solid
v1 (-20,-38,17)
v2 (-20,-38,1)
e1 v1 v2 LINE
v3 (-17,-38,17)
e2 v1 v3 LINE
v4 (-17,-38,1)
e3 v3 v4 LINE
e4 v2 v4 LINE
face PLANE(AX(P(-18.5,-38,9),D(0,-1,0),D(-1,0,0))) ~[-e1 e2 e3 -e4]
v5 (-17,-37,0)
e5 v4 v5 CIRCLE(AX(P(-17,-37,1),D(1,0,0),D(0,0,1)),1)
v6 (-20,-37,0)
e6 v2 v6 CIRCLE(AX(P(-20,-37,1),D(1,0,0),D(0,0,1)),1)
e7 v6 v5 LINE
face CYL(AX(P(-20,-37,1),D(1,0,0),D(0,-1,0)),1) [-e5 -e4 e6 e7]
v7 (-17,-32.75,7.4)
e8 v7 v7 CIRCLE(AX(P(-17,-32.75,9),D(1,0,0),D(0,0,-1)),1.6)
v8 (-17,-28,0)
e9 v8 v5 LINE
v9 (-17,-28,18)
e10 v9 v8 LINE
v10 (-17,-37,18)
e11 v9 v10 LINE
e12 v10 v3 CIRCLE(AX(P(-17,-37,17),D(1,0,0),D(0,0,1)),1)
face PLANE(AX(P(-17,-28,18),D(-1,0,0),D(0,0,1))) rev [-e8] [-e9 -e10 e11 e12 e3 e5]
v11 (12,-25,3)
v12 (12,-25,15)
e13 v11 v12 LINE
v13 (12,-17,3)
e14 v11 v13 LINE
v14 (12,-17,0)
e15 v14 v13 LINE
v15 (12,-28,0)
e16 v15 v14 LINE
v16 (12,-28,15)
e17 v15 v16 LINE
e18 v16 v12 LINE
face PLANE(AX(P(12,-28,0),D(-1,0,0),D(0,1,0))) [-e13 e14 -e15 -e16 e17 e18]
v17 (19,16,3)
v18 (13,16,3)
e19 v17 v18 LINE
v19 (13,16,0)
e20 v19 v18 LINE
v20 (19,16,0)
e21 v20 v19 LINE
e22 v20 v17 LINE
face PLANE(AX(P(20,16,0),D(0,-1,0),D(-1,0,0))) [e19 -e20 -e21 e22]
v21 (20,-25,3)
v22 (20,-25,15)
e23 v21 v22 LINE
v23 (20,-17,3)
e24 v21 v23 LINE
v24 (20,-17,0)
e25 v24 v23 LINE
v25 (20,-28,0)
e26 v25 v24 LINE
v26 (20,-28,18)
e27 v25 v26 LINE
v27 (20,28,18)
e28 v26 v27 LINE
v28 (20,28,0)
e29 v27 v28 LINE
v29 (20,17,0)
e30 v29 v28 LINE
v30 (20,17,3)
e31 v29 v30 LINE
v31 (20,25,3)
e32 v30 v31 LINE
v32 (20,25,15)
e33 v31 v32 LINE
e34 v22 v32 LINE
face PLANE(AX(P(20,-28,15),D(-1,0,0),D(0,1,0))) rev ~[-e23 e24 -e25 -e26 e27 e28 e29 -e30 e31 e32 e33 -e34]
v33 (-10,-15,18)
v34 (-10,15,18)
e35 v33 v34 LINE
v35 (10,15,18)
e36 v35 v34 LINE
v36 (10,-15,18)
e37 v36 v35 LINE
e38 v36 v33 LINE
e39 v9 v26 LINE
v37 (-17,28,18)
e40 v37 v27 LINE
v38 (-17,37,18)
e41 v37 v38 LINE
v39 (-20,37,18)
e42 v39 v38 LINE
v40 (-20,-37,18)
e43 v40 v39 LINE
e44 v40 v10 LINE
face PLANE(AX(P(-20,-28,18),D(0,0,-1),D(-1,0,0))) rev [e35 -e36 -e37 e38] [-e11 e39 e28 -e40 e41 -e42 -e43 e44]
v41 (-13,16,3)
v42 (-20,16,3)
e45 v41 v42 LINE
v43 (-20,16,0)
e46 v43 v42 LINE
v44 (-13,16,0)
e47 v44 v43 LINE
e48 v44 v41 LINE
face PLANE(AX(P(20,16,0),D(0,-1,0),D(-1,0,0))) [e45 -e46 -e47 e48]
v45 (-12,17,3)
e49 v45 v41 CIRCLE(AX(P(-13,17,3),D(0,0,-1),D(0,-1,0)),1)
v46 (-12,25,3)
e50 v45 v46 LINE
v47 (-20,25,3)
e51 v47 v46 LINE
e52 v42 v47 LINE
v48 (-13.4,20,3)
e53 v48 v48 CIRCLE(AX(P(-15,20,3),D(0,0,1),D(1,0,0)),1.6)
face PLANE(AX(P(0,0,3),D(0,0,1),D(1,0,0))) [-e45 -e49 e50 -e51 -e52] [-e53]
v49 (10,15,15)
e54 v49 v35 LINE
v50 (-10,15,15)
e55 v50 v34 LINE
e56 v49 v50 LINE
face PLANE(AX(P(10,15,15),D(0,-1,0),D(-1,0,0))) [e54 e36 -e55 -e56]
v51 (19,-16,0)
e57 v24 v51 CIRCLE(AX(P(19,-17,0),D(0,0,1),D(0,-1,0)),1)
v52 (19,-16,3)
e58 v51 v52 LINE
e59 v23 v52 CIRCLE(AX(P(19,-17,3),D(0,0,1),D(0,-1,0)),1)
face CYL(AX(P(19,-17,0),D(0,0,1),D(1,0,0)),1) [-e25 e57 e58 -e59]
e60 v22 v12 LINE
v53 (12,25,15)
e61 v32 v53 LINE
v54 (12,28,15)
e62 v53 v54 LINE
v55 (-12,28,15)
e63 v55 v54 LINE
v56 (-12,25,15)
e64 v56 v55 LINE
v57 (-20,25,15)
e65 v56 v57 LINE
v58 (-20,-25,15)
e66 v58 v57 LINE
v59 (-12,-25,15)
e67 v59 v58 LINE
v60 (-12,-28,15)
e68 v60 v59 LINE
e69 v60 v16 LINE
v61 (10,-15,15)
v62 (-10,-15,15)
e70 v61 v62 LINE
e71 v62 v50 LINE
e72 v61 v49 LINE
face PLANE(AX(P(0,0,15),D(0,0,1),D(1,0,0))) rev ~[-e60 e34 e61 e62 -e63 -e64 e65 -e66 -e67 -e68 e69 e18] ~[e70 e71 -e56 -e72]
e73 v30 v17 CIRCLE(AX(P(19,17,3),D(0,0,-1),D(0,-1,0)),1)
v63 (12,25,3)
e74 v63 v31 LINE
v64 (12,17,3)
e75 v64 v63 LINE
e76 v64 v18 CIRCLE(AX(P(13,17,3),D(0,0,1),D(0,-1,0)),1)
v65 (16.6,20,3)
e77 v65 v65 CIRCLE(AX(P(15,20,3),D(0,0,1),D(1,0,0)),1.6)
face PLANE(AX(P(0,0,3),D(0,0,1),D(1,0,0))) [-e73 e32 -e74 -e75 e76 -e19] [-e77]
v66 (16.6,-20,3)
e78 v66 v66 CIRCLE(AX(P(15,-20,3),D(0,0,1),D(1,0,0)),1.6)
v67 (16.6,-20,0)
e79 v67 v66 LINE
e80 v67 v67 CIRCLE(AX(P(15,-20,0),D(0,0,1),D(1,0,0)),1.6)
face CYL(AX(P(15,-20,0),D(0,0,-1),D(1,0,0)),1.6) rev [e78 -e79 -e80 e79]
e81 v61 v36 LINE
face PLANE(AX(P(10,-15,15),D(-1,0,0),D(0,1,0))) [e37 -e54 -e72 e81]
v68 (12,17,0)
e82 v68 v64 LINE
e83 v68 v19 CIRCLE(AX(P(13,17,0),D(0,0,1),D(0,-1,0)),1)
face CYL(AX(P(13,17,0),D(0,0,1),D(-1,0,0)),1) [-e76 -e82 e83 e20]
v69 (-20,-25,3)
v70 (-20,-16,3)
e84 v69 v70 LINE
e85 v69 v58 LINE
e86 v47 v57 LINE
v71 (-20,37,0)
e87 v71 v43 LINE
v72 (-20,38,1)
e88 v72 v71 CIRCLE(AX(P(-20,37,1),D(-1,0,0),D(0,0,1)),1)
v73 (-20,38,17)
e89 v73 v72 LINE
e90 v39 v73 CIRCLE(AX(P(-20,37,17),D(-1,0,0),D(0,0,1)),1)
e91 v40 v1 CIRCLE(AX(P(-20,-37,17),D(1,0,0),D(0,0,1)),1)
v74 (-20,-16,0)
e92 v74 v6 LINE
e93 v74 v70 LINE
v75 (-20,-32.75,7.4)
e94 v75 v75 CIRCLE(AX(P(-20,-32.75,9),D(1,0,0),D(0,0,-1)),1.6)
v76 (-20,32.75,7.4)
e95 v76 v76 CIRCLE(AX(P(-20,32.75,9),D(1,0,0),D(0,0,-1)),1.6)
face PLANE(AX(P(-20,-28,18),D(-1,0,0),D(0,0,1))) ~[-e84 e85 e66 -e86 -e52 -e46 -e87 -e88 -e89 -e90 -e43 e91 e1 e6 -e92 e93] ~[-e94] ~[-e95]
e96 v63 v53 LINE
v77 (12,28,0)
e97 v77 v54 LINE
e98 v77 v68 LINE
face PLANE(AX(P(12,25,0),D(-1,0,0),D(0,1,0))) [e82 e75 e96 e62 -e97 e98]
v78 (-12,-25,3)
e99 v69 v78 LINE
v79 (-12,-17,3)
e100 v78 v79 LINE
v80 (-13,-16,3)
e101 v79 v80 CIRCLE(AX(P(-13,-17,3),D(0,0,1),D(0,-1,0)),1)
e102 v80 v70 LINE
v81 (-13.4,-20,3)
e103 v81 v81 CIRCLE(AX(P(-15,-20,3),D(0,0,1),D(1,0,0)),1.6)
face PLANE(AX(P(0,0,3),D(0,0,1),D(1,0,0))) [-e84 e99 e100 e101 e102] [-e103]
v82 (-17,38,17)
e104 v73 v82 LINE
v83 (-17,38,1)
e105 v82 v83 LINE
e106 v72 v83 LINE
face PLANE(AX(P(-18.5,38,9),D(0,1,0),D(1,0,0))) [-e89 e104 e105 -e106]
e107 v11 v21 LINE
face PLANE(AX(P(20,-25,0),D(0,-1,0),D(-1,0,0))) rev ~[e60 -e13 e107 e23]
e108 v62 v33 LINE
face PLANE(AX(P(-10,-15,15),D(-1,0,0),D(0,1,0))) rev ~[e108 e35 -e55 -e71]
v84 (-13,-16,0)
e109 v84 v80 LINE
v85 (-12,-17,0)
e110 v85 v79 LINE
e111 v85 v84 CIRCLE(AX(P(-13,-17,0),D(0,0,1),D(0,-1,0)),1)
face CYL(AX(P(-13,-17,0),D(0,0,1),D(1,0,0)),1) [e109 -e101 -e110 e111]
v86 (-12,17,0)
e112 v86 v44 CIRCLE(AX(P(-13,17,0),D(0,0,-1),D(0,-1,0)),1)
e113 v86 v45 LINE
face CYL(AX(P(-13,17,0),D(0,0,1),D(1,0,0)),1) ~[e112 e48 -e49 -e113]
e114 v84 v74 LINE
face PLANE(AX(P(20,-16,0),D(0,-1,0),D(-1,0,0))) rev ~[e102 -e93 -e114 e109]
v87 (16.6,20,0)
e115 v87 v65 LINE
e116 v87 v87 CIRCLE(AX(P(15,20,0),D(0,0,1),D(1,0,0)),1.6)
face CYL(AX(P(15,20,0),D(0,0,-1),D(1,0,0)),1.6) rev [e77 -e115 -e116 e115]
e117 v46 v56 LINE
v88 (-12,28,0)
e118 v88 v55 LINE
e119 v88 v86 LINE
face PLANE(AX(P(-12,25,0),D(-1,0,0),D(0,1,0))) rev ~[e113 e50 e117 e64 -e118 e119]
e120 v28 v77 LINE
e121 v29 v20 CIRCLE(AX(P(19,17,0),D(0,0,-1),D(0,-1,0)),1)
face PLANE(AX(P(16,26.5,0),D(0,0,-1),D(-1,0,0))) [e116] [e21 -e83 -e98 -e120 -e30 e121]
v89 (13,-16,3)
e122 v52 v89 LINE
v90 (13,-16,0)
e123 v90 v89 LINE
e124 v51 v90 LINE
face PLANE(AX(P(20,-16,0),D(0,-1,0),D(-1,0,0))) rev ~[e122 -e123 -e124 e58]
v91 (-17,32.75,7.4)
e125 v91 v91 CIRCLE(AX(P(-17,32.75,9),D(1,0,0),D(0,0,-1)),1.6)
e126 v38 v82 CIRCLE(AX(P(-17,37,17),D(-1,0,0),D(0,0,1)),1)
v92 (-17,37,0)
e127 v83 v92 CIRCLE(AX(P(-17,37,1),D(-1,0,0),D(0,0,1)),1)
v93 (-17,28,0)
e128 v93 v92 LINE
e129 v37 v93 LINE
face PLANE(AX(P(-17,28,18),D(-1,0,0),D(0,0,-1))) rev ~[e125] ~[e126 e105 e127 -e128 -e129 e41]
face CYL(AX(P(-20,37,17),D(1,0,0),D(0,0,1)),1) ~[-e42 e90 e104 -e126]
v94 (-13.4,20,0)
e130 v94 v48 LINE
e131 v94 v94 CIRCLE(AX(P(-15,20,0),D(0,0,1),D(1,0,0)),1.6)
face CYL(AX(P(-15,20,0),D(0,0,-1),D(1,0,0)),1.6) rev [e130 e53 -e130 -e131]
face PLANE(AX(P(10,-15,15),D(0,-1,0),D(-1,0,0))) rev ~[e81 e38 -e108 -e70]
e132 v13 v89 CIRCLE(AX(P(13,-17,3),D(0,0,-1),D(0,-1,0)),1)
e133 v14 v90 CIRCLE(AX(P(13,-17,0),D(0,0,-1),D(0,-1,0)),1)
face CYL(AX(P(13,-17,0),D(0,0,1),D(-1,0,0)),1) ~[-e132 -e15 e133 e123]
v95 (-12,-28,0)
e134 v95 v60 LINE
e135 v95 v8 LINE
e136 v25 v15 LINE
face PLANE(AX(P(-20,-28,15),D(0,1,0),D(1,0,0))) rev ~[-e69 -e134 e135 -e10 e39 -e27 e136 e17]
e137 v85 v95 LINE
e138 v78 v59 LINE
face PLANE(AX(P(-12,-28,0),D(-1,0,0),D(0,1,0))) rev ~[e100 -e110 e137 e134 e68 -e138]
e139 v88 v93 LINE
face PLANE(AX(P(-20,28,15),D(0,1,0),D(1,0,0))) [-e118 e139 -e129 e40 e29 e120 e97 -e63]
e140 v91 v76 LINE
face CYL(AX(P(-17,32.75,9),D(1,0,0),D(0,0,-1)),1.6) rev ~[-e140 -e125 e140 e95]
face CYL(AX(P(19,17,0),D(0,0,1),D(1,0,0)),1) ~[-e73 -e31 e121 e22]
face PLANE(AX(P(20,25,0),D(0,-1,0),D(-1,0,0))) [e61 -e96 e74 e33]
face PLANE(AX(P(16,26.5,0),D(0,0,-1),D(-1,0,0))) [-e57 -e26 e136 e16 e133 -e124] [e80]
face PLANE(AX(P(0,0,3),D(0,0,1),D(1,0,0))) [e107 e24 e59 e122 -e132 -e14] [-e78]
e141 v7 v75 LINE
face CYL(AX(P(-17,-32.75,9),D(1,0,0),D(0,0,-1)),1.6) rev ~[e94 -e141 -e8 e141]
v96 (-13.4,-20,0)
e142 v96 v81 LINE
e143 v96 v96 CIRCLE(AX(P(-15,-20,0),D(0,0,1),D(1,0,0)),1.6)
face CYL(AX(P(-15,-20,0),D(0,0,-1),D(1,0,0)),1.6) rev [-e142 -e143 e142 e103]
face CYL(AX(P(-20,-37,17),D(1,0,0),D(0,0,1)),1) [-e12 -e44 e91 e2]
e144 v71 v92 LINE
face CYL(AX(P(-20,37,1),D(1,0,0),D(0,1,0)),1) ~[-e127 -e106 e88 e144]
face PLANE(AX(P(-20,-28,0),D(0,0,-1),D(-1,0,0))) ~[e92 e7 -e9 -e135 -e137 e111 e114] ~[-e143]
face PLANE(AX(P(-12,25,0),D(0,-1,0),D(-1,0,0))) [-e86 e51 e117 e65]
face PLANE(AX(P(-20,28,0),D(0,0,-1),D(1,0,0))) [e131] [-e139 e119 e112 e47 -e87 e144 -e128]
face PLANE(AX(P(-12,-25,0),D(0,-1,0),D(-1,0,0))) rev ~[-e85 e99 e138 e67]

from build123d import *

# Parameters (mm, degrees)
SKETCH_1_W          = 40
SKETCH_1_H          = 50
SKETCH_1_R          = 1.6
EXTRUDE_1_DEPTH     = 3
SKETCH_2_W          = 8
SKETCH_2_H          = 3
EXTRUDE_2_DEPTH     = 15
SKETCH_3_W          = 40
SKETCH_3_H          = 56
EXTRUDE_3_DEPTH     = 3
CUT_EXTRUDE_1_REACH = 40.833
SKETCH_4_W          = 40
SKETCH_4_H          = 32
CUT_EXTRUDE_START   = -3
SKETCH_5_W          = 24
SKETCH_5_H          = 50
CUT_EXTRUDE_2_DEPTH = 3
FILLET_1_R          = 1
CUT_EXTRUDE_4_REACH = 39.537
SKETCH_10_W         = 20
SKETCH_10_H         = 30
SKETCH_11_W         = 3
SKETCH_11_H         = 18
EXTRUDE_4_DEPTH     = 10
CUT_EXTRUDE_5_REACH = 58.009
SKETCH_12_R         = 1.6
FILLET_2_R          = 1


with BuildPart() as part:
    # 草图1 → 凸台-拉伸1 (new body)
    with BuildSketch(Plane.XY):
        Rectangle(SKETCH_1_W, SKETCH_1_H)
        with Locations((-15, 20)):
            Circle(SKETCH_1_R, mode=Mode.SUBTRACT)
        with Locations((15, 20)):
            Circle(SKETCH_1_R, mode=Mode.SUBTRACT)
        with Locations((15, -20)):
            Circle(SKETCH_1_R, mode=Mode.SUBTRACT)
        with Locations((-15, -20)):
            Circle(SKETCH_1_R, mode=Mode.SUBTRACT)
    extrude(amount=EXTRUDE_1_DEPTH)

    # 草图2 → 凸台-拉伸2 (add)
    with BuildSketch(Plane(origin=(0, 0, 0), x_dir=(-1, 0, 0), z_dir=(0, 0, -1))):
        with Locations((-16, 26.5)):
            Rectangle(SKETCH_2_W, SKETCH_2_H)
        with Locations((16, 26.5)):
            Rectangle(SKETCH_2_W, SKETCH_2_H)
        with Locations((-16, -26.5)):
            Rectangle(SKETCH_2_W, SKETCH_2_H)
        with Locations((16, -26.5)):
            Rectangle(SKETCH_2_W, SKETCH_2_H)
    extrude(amount=-EXTRUDE_2_DEPTH)

    # 草图3 → 凸台-拉伸3 (add)
    with BuildSketch(Plane.XY.offset(15)):
        Rectangle(SKETCH_3_W, SKETCH_3_H)
    extrude(amount=EXTRUDE_3_DEPTH)

    # 草图4 → 切除-拉伸1 (cut, up to next)
    with BuildSketch(Plane(origin=(0, 0, 0), x_dir=(-1, 0, 0), z_dir=(0, 0, -1)), mode=Mode.PRIVATE) as cut_extrude_1_sk1:
        Rectangle(SKETCH_4_W, SKETCH_4_H)
    cut_extrude_1_tool1 = extrude(cut_extrude_1_sk1.sketch, amount=-CUT_EXTRUDE_1_REACH, mode=Mode.PRIVATE) & part.part
    add(cut_extrude_1_tool1.solids().sort_by_distance((0, 0, 0))[0], mode=Mode.SUBTRACT)

    # 草图5 → 切除-拉伸2 (cut)
    with BuildSketch(Plane(origin=(0, 0, 0), x_dir=(-1, 0, 0), z_dir=(0, 0, -1)).offset(CUT_EXTRUDE_START)):
        Rectangle(SKETCH_5_W, SKETCH_5_H)
    extrude(amount=CUT_EXTRUDE_2_DEPTH, mode=Mode.SUBTRACT)

    # 圆角1
    fillet_1_edges = [part.edges().sort_by_distance(p)[0] for p in [
        (20, -16, 1.5),
        (20, 16, 1.5),
        (12, 16, 1.5),
        (-12, 16, 1.5),
        (12, -16, 1.5),
        (-12, -16, 1.5),
    ]]
    fillet(fillet_1_edges, radius=FILLET_1_R)

    # 草图10 → 切除-拉伸4 (cut, up to next)
    with BuildSketch(Plane(origin=(0, 0, 15), x_dir=(-1, 0, 0), z_dir=(0, 0, -1)), mode=Mode.PRIVATE) as cut_extrude_4_sk1:
        Rectangle(SKETCH_10_W, SKETCH_10_H)
    cut_extrude_4_tool1 = extrude(cut_extrude_4_sk1.sketch, amount=-CUT_EXTRUDE_4_REACH, mode=Mode.PRIVATE) & part.part
    add(cut_extrude_4_tool1.solids().sort_by_distance((0, 0, 15))[0], mode=Mode.SUBTRACT)

    # 草图11 → 凸台-拉伸4 (add)
    with BuildSketch(Plane(origin=(0, 28, 0), x_dir=(1, 0, 0), z_dir=(0, 1, 0))):
        with Locations((-18.5, -9)):
            Rectangle(SKETCH_11_W, SKETCH_11_H)
    extrude_4 = extrude(amount=EXTRUDE_4_DEPTH)

    # 镜向1: 凸台-拉伸4 across plane
    add(extrude_4.mirror(Plane.ZX))

    # 草图12 → 切除-拉伸5 (cut, up to next)
    with BuildSketch(Plane(origin=(-17, 0, 0), x_dir=(0, 0, -1), z_dir=(1, 0, 0)), mode=Mode.PRIVATE) as cut_extrude_5_sk1:
        with Locations((-9, 32.75)):
            Circle(SKETCH_12_R)
    cut_extrude_5_tool1 = extrude(cut_extrude_5_sk1.sketch, amount=-CUT_EXTRUDE_5_REACH, mode=Mode.PRIVATE) & part.part
    # 草图12 → 切除-拉伸5 (cut, up to next)
    with BuildSketch(Plane(origin=(-17, 0, 0), x_dir=(0, 0, -1), z_dir=(1, 0, 0)), mode=Mode.PRIVATE) as cut_extrude_5_sk2:
        with Locations((-9, -32.75)):
            Circle(SKETCH_12_R)
    cut_extrude_5_tool2 = extrude(cut_extrude_5_sk2.sketch, amount=-CUT_EXTRUDE_5_REACH, mode=Mode.PRIVATE) & part.part
    add(cut_extrude_5_tool1.solids().sort_by_distance((-17, 32.75, 9))[0], mode=Mode.SUBTRACT)
    add(cut_extrude_5_tool2.solids().sort_by_distance((-17, -32.75, 9))[0], mode=Mode.SUBTRACT)

    # 圆角2
    fillet_2_edges = [part.edges().sort_by_distance(p)[0] for p in [
        (-18.5, 38, 18),
        (-18.5, 38, 0),
        (-18.5, -38, 0),
        (-18.5, -38, 18),
    ]]
    fillet(fillet_2_edges, radius=FILLET_2_R)


solid = part.part
